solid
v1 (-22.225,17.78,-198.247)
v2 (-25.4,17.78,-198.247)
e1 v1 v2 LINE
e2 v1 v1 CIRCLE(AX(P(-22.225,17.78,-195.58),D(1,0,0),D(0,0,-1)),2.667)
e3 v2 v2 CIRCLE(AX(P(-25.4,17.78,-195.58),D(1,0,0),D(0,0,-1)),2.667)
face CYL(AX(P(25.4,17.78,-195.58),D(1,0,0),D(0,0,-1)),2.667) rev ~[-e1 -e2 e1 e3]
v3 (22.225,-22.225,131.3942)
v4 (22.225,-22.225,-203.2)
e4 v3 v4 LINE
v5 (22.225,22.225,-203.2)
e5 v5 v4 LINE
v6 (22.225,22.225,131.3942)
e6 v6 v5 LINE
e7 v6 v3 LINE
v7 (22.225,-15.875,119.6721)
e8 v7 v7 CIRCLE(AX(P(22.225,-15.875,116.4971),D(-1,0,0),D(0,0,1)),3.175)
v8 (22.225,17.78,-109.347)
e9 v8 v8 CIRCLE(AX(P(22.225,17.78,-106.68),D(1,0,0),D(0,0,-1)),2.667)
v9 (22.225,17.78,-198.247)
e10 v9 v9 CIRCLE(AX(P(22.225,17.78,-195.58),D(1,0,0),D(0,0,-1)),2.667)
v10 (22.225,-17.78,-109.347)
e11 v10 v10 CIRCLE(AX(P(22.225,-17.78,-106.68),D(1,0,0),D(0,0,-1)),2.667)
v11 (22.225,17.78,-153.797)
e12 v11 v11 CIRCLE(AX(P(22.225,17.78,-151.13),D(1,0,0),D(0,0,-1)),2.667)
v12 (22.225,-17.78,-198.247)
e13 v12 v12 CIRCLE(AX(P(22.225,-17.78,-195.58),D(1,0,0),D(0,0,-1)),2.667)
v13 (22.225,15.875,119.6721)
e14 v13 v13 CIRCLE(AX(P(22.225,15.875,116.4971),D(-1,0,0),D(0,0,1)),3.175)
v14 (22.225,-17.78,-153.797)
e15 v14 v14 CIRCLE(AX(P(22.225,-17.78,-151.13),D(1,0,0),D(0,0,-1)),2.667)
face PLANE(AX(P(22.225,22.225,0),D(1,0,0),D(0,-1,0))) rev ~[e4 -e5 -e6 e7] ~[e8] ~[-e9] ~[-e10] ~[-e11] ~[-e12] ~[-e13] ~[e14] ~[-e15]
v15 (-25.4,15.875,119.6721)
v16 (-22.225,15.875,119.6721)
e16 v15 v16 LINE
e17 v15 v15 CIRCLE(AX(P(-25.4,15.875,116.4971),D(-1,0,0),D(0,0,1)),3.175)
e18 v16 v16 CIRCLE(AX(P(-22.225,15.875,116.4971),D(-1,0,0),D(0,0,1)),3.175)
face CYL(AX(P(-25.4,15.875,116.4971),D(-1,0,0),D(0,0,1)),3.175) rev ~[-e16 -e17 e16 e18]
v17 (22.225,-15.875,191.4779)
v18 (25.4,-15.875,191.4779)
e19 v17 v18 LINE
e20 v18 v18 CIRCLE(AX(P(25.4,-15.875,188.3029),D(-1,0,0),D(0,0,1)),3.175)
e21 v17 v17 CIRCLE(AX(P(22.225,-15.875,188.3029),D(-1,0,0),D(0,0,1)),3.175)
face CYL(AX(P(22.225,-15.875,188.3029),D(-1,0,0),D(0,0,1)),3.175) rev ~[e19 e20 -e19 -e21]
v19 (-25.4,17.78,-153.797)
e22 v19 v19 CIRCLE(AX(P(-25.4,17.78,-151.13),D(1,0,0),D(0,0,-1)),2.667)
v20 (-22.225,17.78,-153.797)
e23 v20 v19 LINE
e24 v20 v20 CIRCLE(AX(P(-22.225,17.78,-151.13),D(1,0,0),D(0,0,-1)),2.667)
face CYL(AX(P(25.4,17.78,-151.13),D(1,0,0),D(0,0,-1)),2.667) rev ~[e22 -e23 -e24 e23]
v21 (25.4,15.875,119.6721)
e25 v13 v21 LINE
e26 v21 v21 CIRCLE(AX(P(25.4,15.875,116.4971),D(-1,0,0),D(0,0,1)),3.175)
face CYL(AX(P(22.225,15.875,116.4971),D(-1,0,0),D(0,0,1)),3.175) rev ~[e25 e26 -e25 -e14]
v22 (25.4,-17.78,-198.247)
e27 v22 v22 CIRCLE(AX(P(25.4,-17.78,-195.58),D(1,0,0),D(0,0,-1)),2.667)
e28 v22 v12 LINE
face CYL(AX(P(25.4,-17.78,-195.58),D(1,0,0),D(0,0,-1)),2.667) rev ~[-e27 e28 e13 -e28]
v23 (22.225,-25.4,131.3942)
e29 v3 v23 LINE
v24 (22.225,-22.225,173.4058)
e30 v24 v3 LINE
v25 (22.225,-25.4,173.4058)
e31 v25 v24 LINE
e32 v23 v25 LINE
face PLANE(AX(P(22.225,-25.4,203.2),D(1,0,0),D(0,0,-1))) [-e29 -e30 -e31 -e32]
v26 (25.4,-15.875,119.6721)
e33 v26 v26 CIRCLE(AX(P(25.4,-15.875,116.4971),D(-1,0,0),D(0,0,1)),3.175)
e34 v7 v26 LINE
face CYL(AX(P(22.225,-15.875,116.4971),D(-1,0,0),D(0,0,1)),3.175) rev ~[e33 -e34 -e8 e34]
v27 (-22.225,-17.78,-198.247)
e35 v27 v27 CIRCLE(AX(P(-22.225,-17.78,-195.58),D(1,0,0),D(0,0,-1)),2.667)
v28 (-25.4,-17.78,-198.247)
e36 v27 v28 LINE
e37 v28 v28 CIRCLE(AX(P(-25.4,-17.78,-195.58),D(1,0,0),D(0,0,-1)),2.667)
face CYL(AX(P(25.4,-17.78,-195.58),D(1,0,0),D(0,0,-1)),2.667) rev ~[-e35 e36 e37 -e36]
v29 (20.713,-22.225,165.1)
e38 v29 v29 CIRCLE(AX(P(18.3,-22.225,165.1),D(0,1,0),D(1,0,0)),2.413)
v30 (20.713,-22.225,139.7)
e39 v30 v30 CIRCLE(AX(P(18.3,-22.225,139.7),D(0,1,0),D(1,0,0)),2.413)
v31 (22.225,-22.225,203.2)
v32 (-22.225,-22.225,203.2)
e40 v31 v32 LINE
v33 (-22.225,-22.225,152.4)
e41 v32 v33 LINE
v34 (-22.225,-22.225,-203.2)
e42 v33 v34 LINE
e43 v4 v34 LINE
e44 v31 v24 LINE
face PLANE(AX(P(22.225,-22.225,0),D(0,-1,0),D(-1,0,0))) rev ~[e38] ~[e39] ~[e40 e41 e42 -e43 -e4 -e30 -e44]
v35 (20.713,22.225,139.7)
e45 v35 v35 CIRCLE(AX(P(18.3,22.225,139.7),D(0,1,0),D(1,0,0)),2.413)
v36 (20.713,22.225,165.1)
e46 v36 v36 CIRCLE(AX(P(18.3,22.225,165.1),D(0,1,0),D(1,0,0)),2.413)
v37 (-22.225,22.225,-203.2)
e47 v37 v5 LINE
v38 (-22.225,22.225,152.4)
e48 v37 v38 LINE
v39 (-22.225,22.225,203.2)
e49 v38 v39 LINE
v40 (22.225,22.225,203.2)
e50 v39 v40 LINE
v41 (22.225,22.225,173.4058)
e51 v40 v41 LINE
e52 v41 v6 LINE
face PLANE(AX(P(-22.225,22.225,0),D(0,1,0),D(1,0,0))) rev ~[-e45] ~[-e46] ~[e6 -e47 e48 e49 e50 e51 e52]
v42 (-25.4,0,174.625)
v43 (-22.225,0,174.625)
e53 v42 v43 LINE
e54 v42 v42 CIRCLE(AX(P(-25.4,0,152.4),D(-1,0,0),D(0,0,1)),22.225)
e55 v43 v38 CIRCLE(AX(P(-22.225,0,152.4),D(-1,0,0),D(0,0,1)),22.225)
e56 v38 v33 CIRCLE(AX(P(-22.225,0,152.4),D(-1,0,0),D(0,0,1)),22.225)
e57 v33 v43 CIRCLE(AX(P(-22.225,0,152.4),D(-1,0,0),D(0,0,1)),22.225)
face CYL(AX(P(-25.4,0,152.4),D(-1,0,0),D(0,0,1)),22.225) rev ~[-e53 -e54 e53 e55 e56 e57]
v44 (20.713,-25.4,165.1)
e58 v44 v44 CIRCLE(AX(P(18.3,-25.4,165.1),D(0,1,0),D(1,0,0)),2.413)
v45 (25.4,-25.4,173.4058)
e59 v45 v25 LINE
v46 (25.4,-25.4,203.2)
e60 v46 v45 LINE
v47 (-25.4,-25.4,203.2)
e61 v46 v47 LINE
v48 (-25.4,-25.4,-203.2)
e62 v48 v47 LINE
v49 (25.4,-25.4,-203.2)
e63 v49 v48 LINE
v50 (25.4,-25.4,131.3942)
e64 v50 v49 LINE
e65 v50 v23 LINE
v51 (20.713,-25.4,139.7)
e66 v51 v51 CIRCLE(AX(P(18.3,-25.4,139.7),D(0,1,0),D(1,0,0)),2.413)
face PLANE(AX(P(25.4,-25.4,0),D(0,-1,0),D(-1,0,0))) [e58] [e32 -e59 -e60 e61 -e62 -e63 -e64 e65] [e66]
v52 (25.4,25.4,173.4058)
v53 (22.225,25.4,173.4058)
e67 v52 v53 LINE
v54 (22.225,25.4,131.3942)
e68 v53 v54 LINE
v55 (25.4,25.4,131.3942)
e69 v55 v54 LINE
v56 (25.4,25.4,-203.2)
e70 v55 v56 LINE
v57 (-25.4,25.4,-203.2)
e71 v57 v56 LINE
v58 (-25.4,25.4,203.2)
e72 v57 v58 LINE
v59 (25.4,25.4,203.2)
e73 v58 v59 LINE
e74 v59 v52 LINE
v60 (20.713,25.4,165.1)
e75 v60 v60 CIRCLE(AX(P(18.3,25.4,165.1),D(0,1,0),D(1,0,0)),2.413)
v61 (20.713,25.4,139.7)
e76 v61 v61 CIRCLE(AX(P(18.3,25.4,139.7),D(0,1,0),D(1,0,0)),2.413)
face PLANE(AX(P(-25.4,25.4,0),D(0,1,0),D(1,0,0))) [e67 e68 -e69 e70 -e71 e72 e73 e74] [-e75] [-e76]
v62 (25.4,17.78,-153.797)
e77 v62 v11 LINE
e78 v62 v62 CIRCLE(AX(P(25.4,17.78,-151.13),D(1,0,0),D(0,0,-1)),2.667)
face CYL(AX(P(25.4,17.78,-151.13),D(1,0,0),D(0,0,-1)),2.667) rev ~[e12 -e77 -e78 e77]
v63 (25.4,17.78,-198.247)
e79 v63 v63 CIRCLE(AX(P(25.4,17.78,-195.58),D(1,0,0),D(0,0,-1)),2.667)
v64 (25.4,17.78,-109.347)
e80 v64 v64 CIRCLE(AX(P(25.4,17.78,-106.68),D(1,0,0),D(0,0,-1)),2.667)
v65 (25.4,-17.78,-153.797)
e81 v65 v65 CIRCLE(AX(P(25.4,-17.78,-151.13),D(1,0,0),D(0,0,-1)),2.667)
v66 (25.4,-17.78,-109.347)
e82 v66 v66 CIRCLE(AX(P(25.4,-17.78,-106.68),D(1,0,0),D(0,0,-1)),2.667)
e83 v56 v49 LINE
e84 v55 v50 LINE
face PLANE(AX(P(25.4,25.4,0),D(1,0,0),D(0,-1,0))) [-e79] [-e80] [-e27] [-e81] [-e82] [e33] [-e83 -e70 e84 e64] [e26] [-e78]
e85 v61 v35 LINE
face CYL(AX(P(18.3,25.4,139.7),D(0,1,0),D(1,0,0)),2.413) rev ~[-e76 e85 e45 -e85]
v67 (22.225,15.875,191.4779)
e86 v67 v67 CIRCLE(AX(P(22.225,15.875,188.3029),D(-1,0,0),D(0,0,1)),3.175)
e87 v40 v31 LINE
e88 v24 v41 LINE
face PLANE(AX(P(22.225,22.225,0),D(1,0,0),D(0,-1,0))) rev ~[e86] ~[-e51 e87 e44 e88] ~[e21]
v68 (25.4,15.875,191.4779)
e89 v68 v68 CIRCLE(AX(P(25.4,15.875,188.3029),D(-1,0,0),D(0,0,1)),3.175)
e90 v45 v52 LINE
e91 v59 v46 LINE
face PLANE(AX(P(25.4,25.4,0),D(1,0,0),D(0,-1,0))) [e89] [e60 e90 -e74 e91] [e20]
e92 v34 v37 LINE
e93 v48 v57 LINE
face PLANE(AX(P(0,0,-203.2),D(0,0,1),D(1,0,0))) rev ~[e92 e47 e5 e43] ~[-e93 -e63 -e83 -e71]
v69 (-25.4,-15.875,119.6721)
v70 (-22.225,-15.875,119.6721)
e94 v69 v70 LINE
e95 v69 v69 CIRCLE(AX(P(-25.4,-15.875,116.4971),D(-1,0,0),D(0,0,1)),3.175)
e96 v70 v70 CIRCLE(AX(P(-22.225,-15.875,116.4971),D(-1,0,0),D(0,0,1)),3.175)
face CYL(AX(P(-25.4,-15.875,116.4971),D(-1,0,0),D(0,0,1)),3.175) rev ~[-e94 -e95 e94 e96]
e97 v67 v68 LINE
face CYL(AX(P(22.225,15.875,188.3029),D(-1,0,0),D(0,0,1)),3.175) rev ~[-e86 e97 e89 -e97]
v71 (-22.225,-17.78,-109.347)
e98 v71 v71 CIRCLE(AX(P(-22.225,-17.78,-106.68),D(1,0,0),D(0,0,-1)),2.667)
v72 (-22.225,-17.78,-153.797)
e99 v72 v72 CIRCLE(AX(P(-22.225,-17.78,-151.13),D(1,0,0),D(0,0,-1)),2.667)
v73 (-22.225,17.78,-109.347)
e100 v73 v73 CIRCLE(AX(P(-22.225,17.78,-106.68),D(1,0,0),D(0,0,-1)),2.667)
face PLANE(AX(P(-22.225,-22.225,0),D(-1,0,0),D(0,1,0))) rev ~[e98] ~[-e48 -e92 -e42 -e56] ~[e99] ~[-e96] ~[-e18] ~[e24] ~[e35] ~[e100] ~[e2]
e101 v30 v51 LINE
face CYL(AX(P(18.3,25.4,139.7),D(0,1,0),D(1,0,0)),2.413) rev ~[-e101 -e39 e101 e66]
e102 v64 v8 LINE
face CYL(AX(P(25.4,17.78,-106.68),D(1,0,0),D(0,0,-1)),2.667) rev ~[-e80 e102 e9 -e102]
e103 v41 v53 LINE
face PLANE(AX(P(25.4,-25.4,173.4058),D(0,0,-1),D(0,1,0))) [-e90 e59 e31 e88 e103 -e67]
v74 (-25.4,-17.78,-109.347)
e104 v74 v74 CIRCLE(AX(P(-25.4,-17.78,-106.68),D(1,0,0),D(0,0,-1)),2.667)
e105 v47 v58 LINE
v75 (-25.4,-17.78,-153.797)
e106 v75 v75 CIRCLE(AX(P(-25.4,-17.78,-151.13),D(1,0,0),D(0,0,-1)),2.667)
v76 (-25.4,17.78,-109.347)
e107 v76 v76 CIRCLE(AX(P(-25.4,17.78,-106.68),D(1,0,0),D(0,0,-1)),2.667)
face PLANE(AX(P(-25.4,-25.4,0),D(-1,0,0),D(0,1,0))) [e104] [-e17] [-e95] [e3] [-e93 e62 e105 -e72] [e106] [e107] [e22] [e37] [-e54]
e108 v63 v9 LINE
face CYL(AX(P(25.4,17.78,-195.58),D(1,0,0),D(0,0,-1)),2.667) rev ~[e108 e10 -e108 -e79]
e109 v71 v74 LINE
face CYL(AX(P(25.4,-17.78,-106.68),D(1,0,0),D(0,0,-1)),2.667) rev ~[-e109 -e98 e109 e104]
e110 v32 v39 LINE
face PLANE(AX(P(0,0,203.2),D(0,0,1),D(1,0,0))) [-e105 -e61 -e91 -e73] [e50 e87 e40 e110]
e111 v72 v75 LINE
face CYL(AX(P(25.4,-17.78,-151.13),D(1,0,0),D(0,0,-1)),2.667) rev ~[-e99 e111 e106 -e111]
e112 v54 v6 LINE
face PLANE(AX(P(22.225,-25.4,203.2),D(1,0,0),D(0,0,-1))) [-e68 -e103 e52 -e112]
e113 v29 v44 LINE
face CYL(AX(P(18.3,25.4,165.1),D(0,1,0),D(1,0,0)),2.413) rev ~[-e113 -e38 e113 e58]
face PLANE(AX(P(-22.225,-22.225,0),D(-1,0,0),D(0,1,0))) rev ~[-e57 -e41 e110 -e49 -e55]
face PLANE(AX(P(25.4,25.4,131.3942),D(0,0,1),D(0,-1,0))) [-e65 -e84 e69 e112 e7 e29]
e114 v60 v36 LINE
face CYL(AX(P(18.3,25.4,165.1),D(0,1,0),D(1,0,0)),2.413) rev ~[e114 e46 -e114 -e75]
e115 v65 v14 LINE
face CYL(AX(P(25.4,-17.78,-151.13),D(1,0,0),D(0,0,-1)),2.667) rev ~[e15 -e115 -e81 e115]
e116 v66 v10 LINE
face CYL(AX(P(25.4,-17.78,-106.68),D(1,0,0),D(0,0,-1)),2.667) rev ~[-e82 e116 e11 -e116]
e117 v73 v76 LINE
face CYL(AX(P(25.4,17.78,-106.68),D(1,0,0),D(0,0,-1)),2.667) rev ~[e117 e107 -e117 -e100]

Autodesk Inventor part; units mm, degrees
ref_plane "YZ Plane" through (0, 0, 0) normal (1, 0, 0) x (0, 1, 0)
ref_plane "XZ Plane" through (0, 0, 0) normal (0, 1, 0) x (-1, 0, 0)
ref_plane "XY Plane" through (0, 0, 0) normal (0, 0, 1) x (1, 0, 0)
sketch "Sketch1" plane through (0, 0, 0) normal (0, 0, 1) x (1, 0, 0)
  line L0 (-35.56, 0) -> (35.56, 0) construction
  line L1 (0, -35.56) -> (0, 35.56) construction
  line L2 (-25.4, 25.4) -> (25.4, 25.4)
  line L3 (25.4, 25.4) -> (25.4, -25.4)
  line L4 (25.4, -25.4) -> (-25.4, -25.4)
  line L5 (-25.4, -25.4) -> (-25.4, 25.4)
  line L6 (-22.225, 22.225) -> (22.225, 22.225)
  line L7 (22.225, 22.225) -> (22.225, -22.225)
  line L8 (22.225, -22.225) -> (-22.225, -22.225)
  line L9 (-22.225, -22.225) -> (-22.225, 22.225)
  point P0 (0, 0)
  point P1 (-25.4, 0)
  point P2 (0, 25.4)
  point P3 (-22.225, 0)
  point P4 (0, 22.225)
  dimension "d0" = 50.8
  dimension "d1" = 3.175
extrude "Extrusion1" add sketch "Sketch1" along normal mid plane 406.4
sketch "Sketch2" plane through (25.4, -25.4, 203.2) normal (1, 0, 0) x (0, 0, -1)
  line L0 (542.6964, 25.4) -> (-90.4494, 25.4) construction
  line L1 (203.2, -10.16) -> (203.2, 60.96) construction
  line L2 (309.88, 7.62) -> (398.78, 7.62) construction
  line L3 (398.78, 7.62) -> (398.78, 43.18) construction
  line L4 (398.78, 43.18) -> (309.88, 43.18) construction
  line L5 (309.88, 43.18) -> (309.88, 7.62) construction
  circle A0 centre (309.88, 43.18) radius 2.667
  circle A1 centre (309.88, 7.62) radius 2.667
  circle A2 centre (354.33, 7.62) radius 2.667
  circle A3 centre (398.78, 7.62) radius 2.667
  circle A4 centre (398.78, 43.18) radius 2.667
  circle A5 centre (354.33, 43.18) radius 2.667
  line L6 (406.4, 50.8) -> (406.4, 0) construction
  point P0 (203.2, 25.4)
  point P1 (398.78, 25.4)
  dimension "d4" = 5.334
  dimension "d5" = 7.62
  dimension "d6" = 88.9
  dimension "d7" = 17.78
extrude "Extrusion2" cut sketch "Sketch2" against normal through all
sketch "Sketch10" plane through (25.4, -25.4, 203.2) normal (1, 0, 0) x (0, 0, -1)
  line L0 (487.68, 25.4) -> (-81.28, 25.4) construction
  circle A0 centre (398.78, 43.18) radius 2.667 construction
  circle A1 centre (354.33, 7.62) radius 2.667 construction
  circle A2 centre (309.88, 43.18) radius 2.667 construction
  circle A3 centre (309.88, 7.62) radius 2.667 construction
  circle A4 centre (398.78, 7.62) radius 2.667 construction
  circle A5 centre (354.33, 43.18) radius 2.667 construction
  line L1 (0, 50.8) -> (406.4, 50.8) construction
  line L2 (0, 0) -> (0, 50.8) construction
  line L3 (0, 0) -> (406.4, 0) construction
  line L4 (406.4, 50.8) -> (406.4, 0) construction
  line L5 (29.7942, 50.8) -> (71.8058, 50.8)
  line L6 (71.8058, 50.8) -> (71.8058, 0)
  line L7 (71.8058, 0) -> (29.7942, 0)
  line L8 (29.7942, 0) -> (29.7942, 50.8)
  line L9 (29.7942, 50.8) -> (71.8058, 0) construction
  point P0 (203.2, 25.4)
  point P1 (50.8, 25.4)
  point P2 (29.7942, 25.4)
  dimension "d47" = 50.8
  dimension "d48" = 42.0116
  dimension "d49" = 50.8
extrude "Extrusion9" cut sketch "Sketch10" against normal blind 3.175
sketch "Sketch11" plane through (-25.4, 25.4, -203.2) normal (0, 1, 0) x (1, 0, 0)
  circle A0 centre (43.7, -368.3) radius 2.0193 construction
  circle A1 centre (43.7, -342.9) radius 2.0193 construction
  circle A2 centre (43.7, -342.9) radius 2.413
  circle A3 centre (43.7, -368.3) radius 2.413
  point P0 (25.4, -203.2)
  dimension "d73" = 4.826
sketch "Sketch12" plane through (-25.4, -25.4, 203.2) normal (-1, 0, 0) x (0, 0, 1)
  line L0 (-487.68, 25.4) -> (81.28, 25.4) construction
  circle A0 centre (-398.78, 43.18) radius 2.667 construction
  circle A1 centre (-354.33, 7.62) radius 2.667 construction
  circle A2 centre (-309.88, 43.18) radius 2.667 construction
  circle A3 centre (-309.88, 7.62) radius 2.667 construction
  circle A4 centre (-398.78, 7.62) radius 2.667 construction
  circle A5 centre (-354.33, 43.18) radius 2.667 construction
  line L1 (0, 0) -> (-406.4, 0) construction
  line L2 (0, 50.8) -> (0, 0) construction
  line L3 (-406.4, 50.8) -> (0, 50.8) construction
  line L4 (-406.4, 0) -> (-406.4, 50.8) construction
  circle A6 centre (-50.8, 25.4) radius 22.225
  point P0 (-203.2, 25.4)
  dimension "d54" = 50.8
  dimension "d55" = 44.45
extrude "Extrusion11" cut sketch "Sketch12" against normal blind 3.175
sketch "Sketch14" plane through (22.225, -22.225, -203.2) normal (-1, 0, 0) x (0, 0, 1)
  line L0 (-81.28, 22.225) -> (487.68, 22.225) construction
  circle A0 centre (355.6, 22.225) radius 22.225 construction
  line L1 (355.6, 0) -> (355.6, 44.45) construction
  line L2 (391.5029, 6.35) -> (319.6971, 6.35) construction
  line L3 (319.6971, 6.35) -> (319.6971, 38.1) construction
  line L4 (319.6971, 38.1) -> (391.5029, 38.1) construction
  line L5 (391.5029, 38.1) -> (391.5029, 6.35) construction
  circle A1 centre (391.5029, 6.35) radius 3.175
  circle A2 centre (391.5029, 38.1) radius 3.175
  circle A3 centre (319.6971, 6.35) radius 3.175
  circle A4 centre (319.6971, 38.1) radius 3.175
  line L6 (406.4, 0) -> (376.6058, 0) projected
  point P0 (203.2, 22.225)
  point P1 (391.5029, 22.225)
  point P2 (391.5029, 0)
  dimension "d67" = 6.35
  dimension "d68" = 31.75
extrude "Extrusion12" cut sketch "Sketch14" against normal through all
sketch "Sketch15" plane through (-25.4, -25.4, 203.2) normal (-1, 0, 0) x (0, 0, 1)
  circle A0 centre (-86.7029, 9.525) radius 3.175 projected
  circle A1 centre (-86.7029, 41.275) radius 3.175 projected
  point P0 (-203.2, 25.4)
extrude "Extrusion13" cut sketch "Sketch15" against normal up to next
extrude "Extrusion14" cut sketch "Sketch11" against normal through all
properties part number "Arm 18 inch" material "Aluminum 6061"
